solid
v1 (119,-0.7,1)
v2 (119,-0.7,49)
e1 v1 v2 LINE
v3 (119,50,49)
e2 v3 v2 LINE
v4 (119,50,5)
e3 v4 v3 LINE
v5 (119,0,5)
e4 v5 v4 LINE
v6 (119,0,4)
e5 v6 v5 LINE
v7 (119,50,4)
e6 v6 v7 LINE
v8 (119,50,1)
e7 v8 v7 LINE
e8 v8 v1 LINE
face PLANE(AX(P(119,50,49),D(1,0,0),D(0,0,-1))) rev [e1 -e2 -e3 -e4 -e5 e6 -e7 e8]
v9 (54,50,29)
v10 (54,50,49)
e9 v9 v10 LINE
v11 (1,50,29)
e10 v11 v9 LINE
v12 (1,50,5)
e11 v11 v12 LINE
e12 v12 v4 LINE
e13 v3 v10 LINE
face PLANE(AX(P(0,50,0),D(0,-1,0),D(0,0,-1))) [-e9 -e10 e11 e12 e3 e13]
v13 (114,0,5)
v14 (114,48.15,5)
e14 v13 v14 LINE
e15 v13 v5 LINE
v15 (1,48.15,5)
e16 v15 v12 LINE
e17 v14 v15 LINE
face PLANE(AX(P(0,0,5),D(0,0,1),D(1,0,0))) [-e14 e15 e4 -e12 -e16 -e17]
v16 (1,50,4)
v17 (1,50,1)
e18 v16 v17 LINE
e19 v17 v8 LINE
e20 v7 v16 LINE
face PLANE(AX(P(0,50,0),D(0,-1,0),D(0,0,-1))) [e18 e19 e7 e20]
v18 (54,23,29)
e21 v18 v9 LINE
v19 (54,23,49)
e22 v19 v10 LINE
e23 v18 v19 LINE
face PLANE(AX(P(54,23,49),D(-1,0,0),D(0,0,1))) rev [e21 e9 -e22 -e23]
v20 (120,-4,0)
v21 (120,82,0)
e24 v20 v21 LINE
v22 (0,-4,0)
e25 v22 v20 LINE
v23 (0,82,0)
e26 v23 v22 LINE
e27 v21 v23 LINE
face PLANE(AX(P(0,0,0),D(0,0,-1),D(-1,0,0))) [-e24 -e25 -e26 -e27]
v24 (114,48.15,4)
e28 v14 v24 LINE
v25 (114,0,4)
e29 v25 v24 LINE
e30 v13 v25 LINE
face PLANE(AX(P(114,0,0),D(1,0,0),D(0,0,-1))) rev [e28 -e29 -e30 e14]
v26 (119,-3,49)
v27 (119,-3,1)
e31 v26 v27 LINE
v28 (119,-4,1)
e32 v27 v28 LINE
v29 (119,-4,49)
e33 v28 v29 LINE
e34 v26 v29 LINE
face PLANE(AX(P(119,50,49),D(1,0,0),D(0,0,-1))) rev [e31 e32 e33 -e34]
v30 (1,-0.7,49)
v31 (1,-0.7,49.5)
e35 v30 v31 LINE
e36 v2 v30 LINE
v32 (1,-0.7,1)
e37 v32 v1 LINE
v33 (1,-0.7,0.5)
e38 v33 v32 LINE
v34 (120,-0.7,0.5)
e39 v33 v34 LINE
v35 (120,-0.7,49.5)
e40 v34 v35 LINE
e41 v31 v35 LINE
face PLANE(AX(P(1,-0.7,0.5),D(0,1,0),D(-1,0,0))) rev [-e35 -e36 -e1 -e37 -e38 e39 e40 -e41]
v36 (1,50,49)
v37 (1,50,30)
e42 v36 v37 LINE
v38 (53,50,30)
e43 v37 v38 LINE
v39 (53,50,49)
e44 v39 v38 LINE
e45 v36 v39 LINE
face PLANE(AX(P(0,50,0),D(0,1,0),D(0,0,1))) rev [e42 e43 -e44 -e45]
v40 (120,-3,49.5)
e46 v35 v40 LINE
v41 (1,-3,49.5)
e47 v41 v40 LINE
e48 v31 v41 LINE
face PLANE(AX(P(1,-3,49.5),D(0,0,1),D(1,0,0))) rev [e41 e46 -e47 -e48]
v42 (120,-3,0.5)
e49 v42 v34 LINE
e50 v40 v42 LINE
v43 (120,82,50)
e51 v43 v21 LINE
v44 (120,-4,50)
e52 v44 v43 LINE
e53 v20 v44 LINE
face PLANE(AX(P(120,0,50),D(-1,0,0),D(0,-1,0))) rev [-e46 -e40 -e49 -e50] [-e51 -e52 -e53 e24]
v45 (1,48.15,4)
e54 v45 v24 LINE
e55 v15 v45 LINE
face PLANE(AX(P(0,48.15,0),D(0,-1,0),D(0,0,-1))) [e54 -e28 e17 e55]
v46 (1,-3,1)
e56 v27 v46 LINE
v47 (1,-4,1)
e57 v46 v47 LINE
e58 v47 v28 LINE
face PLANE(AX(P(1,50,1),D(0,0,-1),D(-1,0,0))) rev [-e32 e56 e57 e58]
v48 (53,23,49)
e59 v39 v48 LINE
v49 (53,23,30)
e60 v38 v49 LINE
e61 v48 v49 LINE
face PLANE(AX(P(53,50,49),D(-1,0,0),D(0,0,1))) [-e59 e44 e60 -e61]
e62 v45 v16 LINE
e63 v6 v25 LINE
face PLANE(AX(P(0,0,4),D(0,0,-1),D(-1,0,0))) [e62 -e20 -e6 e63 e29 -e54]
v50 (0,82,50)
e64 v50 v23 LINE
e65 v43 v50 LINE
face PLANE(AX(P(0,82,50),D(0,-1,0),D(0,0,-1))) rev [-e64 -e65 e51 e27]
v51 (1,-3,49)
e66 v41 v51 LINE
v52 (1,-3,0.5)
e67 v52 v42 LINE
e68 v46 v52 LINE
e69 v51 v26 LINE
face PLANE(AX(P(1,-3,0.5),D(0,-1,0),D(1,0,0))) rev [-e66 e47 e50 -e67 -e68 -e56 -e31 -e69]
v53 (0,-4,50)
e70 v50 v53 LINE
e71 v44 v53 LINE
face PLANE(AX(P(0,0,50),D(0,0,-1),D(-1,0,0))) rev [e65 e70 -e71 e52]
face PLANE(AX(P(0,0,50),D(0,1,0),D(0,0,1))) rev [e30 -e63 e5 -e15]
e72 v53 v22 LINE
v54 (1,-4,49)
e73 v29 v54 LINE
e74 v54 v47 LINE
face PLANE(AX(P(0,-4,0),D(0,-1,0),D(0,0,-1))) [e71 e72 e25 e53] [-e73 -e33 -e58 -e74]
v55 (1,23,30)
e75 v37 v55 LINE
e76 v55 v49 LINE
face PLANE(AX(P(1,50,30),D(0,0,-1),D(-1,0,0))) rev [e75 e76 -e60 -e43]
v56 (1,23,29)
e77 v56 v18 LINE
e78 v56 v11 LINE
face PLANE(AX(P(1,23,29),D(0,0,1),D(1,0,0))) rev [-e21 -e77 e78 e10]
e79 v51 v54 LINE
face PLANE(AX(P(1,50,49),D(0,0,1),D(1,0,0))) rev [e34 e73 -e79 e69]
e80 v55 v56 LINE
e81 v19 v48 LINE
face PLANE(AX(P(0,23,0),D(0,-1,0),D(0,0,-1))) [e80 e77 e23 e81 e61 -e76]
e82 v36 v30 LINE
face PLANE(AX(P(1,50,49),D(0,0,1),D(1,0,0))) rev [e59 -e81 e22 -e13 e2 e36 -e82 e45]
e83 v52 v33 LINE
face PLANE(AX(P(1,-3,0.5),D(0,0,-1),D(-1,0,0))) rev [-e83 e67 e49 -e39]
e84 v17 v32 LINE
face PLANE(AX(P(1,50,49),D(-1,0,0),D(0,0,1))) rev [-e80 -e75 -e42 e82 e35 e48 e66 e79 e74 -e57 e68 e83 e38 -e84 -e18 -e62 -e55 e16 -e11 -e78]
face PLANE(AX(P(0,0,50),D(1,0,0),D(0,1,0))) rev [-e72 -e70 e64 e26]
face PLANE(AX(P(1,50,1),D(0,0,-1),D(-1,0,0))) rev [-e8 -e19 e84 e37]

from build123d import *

# Parameters (mm, degrees)
SCHIZZO1_W                   = 120
SCHIZZO1_H                   = 82
ESTRUSIONE_ESTRUSIONE4_DEPTH = 50
SCHIZZO6_W                   = 118
SCHIZZO6_H                   = 48
TAGLIO_ESTRUSIONE2_DEPTH     = 50
SCHIZZO7_W                   = 53
SCHIZZO7_H                   = 20
ESTRUSIONE_ESTRUSIONE5_DEPTH = 27
SCHIZZO8_W                   = 52
SCHIZZO8_H                   = 19
TAGLIO_ESTRUSIONE4_DEPTH     = 27
SCHIZZO9_W                   = 5
SCHIZZO9_H                   = 1
ESTRUSIONE_ESTRUSIONE6_DEPTH = 50
SCHIZZO9_3_W                 = 113
SCHIZZO9_3_H                 = 1
ESTRUSIONE_ESTRUSIONE7_DEPTH = 1.85
SCHIZZO11_W                  = 120
SCHIZZO11_H                  = 50
SCHIZZO11_W_2                = 118
SCHIZZO11_H_2                = 48
ESTRUSIONE_ESTRUSIONE8_DEPTH = 4
SCHIZZO13_W                  = 49
SCHIZZO13_H                  = 2.3
TAGLIO_ESTRUSIONE6_DEPTH     = 119


with BuildPart() as part:
    # Schizzo1 → Estrusione-Estrusione4 (new body)
    with BuildSketch(Plane.XY):
        with Locations((60, 41)):
            Rectangle(SCHIZZO1_W, SCHIZZO1_H)
    extrude(amount=ESTRUSIONE_ESTRUSIONE4_DEPTH)

    # Schizzo6 → Taglio-Estrusione2 (cut)
    with BuildSketch(Plane.XZ):
        with Locations((60, 25)):
            Rectangle(SCHIZZO6_W, SCHIZZO6_H)
    extrude(amount=-TAGLIO_ESTRUSIONE2_DEPTH, mode=Mode.SUBTRACT)

    # Schizzo7 → Estrusione-Estrusione5 (add)
    with BuildSketch(Plane.XZ.offset(-50)):
        with Locations((27.5, 39)):
            Rectangle(SCHIZZO7_W, SCHIZZO7_H)
    extrude(amount=ESTRUSIONE_ESTRUSIONE5_DEPTH)

    # Schizzo8 → Taglio-Estrusione4 (cut)
    with BuildSketch(Plane.XZ.offset(-23)):
        with Locations((27, 39.5)):
            Rectangle(SCHIZZO8_W, SCHIZZO8_H)
    extrude(amount=-TAGLIO_ESTRUSIONE4_DEPTH, mode=Mode.SUBTRACT)

    # Schizzo9 → Estrusione-Estrusione6 (add)
    with BuildSketch(Plane(origin=(0, 50, 0), x_dir=(-1, 0, 0), z_dir=(0, -1, 0))):
        with Locations((-116.5, -4.5)):
            Rectangle(SCHIZZO9_W, SCHIZZO9_H)
    extrude(amount=ESTRUSIONE_ESTRUSIONE6_DEPTH)

    # Schizzo9<3> → Estrusione-Estrusione7 (add)
    with BuildSketch(Plane(origin=(0, 50, 0), x_dir=(-1, 0, 0), z_dir=(0, -1, 0))):
        with Locations((-57.5, -4.5)):
            Rectangle(SCHIZZO9_3_W, SCHIZZO9_3_H)
    extrude(amount=ESTRUSIONE_ESTRUSIONE7_DEPTH)

    # Schizzo11 → Estrusione-Estrusione8 (add)
    with BuildSketch(Plane.XZ):
        with Locations((60, 25)):
            Rectangle(SCHIZZO11_W, SCHIZZO11_H)
        with Locations((60, 25)):
            Rectangle(SCHIZZO11_W_2, SCHIZZO11_H_2, mode=Mode.SUBTRACT)
    extrude(amount=ESTRUSIONE_ESTRUSIONE8_DEPTH)

    # Schizzo13 → Taglio-Estrusione6 (cut)
    with BuildSketch(Plane(origin=(120, 0, 0), x_dir=(0, 0, -1), z_dir=(1, 0, 0))):
        with Locations((-25, -1.85)):
            Rectangle(SCHIZZO13_W, SCHIZZO13_H)
    extrude(amount=-TAGLIO_ESTRUSIONE6_DEPTH, mode=Mode.SUBTRACT)


solid = part.part
